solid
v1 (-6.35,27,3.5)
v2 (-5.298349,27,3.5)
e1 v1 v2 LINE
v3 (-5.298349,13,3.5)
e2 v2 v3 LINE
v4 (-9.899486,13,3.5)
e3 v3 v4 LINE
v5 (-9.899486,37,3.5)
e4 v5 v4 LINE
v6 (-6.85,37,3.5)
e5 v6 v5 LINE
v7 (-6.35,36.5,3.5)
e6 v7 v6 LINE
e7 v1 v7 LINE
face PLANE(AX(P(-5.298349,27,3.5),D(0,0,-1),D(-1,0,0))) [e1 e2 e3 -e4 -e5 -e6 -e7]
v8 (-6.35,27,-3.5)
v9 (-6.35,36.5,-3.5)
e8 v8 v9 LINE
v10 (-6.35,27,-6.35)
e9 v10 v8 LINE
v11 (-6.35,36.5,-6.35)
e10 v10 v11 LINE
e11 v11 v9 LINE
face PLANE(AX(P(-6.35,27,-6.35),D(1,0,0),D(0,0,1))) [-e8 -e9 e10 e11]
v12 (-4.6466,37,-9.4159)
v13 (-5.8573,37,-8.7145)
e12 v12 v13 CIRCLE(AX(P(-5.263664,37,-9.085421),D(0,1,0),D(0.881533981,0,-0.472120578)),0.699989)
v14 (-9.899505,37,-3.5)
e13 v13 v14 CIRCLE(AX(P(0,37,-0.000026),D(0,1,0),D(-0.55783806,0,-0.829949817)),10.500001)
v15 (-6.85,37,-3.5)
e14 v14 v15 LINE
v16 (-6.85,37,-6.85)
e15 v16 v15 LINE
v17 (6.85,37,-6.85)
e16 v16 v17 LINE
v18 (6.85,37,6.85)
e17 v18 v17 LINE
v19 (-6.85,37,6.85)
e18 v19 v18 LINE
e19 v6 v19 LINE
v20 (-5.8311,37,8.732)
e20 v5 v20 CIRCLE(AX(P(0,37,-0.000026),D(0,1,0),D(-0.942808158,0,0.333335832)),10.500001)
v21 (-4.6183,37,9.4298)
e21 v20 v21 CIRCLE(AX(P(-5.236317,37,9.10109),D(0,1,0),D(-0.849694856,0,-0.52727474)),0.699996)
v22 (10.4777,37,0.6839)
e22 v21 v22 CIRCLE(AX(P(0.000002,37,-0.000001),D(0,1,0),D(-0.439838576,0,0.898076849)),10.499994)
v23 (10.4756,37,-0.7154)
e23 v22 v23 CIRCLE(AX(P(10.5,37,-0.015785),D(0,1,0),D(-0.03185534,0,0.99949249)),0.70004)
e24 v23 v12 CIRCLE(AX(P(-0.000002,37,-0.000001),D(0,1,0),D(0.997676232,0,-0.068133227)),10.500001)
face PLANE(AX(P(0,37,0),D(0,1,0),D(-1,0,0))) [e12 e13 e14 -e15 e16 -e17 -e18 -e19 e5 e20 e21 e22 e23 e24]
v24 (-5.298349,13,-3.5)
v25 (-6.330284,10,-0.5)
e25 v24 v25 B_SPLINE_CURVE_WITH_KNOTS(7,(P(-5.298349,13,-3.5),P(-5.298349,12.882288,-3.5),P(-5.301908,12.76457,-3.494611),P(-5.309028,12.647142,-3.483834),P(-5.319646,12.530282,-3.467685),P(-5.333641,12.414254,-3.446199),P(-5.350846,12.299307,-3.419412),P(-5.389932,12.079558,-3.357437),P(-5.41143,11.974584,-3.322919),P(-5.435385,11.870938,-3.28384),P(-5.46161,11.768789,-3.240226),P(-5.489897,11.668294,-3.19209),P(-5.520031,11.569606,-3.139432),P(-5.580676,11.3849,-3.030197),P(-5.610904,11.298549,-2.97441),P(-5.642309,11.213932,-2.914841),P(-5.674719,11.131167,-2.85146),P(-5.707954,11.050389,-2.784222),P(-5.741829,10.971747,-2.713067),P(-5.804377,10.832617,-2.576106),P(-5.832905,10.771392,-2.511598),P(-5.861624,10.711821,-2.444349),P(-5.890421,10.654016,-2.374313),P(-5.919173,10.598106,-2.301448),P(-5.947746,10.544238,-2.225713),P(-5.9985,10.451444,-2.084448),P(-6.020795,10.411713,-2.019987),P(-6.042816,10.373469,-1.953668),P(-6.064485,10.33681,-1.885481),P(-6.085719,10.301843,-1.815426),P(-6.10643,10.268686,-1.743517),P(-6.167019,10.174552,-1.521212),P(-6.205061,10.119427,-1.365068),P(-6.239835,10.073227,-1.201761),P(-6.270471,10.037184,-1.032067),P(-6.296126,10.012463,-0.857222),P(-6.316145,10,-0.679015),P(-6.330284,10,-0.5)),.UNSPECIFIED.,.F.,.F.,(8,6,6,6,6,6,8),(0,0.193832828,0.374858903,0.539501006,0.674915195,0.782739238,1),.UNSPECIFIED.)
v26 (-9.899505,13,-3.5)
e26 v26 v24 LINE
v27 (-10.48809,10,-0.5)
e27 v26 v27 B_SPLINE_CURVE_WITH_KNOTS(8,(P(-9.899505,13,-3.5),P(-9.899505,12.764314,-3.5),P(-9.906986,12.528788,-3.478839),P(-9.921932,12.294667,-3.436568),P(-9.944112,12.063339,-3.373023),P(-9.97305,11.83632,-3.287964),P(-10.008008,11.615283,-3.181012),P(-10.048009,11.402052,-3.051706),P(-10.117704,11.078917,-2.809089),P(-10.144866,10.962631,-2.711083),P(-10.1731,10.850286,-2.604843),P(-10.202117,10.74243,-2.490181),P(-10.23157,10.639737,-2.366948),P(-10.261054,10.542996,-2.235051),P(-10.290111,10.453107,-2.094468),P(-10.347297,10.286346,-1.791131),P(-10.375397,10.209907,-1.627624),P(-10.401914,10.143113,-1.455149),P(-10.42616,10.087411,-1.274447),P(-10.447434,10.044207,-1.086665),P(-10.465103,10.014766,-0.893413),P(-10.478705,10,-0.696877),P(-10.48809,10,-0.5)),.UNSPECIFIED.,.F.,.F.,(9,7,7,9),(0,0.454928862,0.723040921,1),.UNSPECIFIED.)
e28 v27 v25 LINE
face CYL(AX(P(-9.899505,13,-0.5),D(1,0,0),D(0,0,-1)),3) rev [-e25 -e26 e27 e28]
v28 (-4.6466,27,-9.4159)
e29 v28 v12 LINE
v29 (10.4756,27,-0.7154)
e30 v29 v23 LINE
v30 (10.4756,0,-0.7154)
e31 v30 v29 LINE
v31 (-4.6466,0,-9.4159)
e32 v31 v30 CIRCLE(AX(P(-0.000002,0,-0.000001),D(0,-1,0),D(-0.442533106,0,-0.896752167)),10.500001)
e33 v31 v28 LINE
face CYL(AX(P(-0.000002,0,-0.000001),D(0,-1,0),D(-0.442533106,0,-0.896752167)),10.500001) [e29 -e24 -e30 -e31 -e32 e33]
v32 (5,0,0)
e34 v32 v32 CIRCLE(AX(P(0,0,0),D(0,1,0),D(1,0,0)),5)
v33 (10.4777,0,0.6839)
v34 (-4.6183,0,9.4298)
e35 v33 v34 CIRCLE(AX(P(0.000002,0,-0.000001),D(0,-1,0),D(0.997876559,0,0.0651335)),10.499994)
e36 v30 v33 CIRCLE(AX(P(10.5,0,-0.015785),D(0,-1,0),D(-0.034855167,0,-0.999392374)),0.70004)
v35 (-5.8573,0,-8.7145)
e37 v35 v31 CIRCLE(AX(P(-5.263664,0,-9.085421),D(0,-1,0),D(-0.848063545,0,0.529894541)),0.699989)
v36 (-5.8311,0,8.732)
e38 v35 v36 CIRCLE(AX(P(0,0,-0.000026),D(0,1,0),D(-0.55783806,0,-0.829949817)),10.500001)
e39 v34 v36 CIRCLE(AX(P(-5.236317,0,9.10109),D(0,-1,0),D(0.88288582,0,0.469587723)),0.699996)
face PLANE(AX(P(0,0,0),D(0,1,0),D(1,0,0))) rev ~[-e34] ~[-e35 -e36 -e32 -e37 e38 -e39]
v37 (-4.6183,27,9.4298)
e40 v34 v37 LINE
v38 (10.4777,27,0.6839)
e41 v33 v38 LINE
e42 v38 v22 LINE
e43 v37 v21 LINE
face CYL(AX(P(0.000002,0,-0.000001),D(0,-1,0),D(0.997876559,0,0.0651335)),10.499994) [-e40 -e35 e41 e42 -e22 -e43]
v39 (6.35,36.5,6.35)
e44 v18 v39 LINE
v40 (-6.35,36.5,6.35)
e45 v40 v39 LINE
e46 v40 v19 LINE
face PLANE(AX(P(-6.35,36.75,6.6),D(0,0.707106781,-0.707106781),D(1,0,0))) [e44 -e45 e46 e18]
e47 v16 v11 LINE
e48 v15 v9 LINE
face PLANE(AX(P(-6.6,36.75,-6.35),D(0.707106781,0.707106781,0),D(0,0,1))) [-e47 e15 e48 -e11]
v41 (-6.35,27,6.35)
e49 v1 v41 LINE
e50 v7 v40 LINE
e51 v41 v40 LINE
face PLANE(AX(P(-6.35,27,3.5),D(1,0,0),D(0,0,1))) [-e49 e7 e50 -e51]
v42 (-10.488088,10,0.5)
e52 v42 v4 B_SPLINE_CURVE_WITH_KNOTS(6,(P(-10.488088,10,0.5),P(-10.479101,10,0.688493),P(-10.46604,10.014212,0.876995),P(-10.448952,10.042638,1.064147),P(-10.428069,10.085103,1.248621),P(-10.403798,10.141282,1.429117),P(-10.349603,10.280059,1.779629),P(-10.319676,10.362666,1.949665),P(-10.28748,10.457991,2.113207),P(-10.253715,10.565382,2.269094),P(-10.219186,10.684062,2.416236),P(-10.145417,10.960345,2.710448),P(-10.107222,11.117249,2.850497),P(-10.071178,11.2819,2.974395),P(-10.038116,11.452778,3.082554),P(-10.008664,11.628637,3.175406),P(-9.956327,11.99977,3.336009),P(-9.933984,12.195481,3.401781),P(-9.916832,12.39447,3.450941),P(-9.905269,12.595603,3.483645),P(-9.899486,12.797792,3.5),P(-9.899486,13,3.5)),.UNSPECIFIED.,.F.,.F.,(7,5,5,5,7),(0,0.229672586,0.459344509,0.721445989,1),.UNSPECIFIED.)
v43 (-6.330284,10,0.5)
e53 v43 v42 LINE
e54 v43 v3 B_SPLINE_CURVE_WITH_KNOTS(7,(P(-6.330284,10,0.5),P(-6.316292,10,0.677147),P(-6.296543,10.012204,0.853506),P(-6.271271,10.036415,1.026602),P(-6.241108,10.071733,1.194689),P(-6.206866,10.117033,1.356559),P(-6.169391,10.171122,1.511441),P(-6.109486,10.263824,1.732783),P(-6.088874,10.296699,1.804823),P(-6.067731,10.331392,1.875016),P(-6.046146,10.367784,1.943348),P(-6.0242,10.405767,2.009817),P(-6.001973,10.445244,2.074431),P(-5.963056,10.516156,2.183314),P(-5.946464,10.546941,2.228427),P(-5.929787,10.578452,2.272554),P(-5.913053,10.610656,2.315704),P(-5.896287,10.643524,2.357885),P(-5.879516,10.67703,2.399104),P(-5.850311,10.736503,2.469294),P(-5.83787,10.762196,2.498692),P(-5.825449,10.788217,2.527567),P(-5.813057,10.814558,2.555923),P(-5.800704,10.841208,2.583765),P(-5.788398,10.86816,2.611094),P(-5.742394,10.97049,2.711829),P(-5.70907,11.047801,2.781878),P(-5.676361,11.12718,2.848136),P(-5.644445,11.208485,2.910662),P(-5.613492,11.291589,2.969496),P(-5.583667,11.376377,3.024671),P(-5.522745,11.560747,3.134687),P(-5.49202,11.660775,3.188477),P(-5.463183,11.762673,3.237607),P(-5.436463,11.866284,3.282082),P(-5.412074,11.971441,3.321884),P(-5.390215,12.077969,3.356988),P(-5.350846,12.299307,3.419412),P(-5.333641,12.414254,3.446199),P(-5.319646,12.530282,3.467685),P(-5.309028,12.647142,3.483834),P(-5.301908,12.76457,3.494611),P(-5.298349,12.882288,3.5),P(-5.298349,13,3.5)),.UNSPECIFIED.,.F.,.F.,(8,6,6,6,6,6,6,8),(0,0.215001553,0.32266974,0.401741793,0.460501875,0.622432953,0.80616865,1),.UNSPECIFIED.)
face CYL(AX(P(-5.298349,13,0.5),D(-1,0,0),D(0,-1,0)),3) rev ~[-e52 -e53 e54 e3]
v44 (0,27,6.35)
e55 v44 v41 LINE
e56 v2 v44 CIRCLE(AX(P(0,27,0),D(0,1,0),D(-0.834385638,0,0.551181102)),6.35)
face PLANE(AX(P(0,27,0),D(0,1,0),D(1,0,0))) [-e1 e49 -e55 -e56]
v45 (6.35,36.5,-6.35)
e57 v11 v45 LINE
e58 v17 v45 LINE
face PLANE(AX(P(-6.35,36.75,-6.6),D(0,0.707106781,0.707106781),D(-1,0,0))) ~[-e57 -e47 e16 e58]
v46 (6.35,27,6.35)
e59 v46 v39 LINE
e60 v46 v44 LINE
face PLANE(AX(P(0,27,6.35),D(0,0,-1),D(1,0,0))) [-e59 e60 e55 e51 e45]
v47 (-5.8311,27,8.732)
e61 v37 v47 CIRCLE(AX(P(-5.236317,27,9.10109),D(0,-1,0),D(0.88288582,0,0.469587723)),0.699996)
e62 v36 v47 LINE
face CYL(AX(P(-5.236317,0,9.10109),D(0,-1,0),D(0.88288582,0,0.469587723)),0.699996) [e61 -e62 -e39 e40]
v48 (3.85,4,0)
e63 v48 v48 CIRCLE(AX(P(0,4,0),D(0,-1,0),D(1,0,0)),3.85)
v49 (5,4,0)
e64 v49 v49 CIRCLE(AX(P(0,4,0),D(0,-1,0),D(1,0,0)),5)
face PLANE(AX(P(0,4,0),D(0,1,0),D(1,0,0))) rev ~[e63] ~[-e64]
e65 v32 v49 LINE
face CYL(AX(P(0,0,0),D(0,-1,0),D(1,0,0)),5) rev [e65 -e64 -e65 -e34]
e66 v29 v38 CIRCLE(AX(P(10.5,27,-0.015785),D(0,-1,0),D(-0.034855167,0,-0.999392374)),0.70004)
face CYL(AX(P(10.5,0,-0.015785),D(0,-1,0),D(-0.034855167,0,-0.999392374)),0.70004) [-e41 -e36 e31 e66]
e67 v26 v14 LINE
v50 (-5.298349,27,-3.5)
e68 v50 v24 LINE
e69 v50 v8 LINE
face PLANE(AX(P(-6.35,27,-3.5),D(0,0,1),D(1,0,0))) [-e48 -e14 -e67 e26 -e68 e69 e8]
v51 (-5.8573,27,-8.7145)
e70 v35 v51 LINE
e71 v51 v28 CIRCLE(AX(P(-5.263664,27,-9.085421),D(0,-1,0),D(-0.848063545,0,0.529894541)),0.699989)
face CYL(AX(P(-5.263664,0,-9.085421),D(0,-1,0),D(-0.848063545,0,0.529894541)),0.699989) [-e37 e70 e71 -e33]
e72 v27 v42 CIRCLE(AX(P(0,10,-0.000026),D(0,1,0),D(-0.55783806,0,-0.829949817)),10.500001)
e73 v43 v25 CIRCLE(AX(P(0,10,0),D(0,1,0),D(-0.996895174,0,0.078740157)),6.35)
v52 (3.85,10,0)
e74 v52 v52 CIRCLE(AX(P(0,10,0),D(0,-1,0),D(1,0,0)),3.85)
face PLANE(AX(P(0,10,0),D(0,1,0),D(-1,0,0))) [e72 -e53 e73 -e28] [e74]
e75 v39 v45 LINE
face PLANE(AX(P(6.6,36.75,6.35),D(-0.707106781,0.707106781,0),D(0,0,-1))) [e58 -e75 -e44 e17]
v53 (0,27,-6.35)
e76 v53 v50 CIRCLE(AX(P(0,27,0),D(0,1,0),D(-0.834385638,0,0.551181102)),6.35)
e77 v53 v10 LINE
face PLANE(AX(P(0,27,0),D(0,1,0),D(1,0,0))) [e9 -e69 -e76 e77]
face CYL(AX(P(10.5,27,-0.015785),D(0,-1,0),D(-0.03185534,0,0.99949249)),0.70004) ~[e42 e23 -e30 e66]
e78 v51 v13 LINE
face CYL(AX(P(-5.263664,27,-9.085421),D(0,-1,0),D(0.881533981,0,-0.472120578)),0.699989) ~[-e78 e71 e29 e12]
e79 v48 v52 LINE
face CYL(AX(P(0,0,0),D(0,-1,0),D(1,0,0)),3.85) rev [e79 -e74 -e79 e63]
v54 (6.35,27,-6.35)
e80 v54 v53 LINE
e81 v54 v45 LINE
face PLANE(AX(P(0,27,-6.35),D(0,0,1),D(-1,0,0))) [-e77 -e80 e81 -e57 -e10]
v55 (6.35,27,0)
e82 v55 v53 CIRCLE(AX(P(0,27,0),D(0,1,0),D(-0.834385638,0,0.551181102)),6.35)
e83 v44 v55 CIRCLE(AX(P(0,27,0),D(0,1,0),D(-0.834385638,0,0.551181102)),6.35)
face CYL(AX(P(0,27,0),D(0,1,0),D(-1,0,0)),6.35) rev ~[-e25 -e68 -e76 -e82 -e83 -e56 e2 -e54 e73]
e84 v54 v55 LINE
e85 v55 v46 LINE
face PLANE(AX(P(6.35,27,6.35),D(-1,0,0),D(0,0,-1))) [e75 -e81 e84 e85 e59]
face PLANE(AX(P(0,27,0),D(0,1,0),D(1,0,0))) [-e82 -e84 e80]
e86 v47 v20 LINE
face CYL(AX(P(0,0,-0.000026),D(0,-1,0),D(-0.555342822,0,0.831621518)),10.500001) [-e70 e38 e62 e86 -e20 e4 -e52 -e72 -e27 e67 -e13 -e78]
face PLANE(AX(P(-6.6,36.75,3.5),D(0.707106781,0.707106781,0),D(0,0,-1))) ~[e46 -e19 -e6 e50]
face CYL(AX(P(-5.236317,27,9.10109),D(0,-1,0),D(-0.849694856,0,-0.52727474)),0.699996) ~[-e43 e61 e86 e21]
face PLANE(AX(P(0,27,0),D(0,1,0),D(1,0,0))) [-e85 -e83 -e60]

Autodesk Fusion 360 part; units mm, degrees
sketch "Sketch1" plane through (0, 0, 0) normal (0, 1, 0) x (1, 0, 0) in component "SwitchSpacer"
  arc A0 (-5.8311, -8.732) -> (-5.8573, 8.7145) centre (0, 0) cw
  arc A1 (-4.6183, -9.4298) -> (-5.8311, -8.732) centre (-5.2363, -9.1011) cw
  line L0 (-20, 3.982) -> (0, 3.982)
  arc A2 (10.4756, 0.7154) -> (10.4777, -0.6839) centre (10.5, 0.0158) cw
  arc A3 (-4.6466, 9.4159) -> (10.4756, 0.7154) centre (0, 0) cw
  arc A4 (10.4777, -0.6839) -> (-4.6183, -9.4298) centre (0, 0) cw
  arc A5 (-5.8573, 8.7145) -> (-4.6466, 9.4159) centre (-5.2637, 9.0854) cw
  line L1 (-20, -4.0237) -> (-20, 3.982)
  circle A6 centre (0, 0) radius 8
  line L2 (0, 3.982) -> (0, -4.0237)
  line L3 (0, -4.0237) -> (-20, -4.0237)
  circle A7 centre (0, 0) radius 5
  circle A8 centre (0, 0) radius 3.85
  dimension "d8" = 10
  dimension "d9" = 7.7
extrude "Extrude8" add sketch "Sketch1" along normal blind 27 contours A0 A1 L0 A2 A3 A4 A5 A6 L3 | A0 L0 A6 L3 | L0 A6 L3 A7 | L0 A6 L3 A7 | L0 L2 L3 A7 A8 | L0 L2 L3 A7 A8 in component "SwitchSpacer"
sketch "Sketch2" plane through (0, 27, 0) normal (0, 1, 0) x (-1, 0, 0) in component "SwitchSpacer"
  circle A0 centre (0, 0) radius 4
  line L0 (6.35, 6.35) -> (-6.35, 6.35)
  line L1 (-6.35, 6.35) -> (-6.35, -6.35)
  line L2 (-6.35, -6.35) -> (6.35, -6.35)
  line L3 (6.35, -6.35) -> (6.35, 6.35)
  line L4 (6.35, 6.35) -> (-6.35, -6.35) construction
  line L5 (-6.35, 6.35) -> (6.35, -6.35) construction
  line L6 (6.35, 6.35) -> (19.35, 6.35)
  line L7 (19.35, 6.35) -> (19.35, -6.35)
  line L8 (19.35, -6.35) -> (6.35, -6.35)
  line L9 (6.35, -6.35) -> (6.35, 6.35)
  circle A1 centre (0, 0) radius 6.35
  line L10 (12.5, -3.5) -> (-12.5, -3.5)
  line L11 (-12.5, -3.5) -> (-12.5, 3.5)
  line L12 (-12.5, 3.5) -> (12.5, 3.5)
  line L13 (12.5, 3.5) -> (12.5, -3.5)
  line L14 (12.5, -3.5) -> (-12.5, 3.5) construction
  line L15 (-12.5, -3.5) -> (12.5, 3.5) construction
  arc A2 (5.8573, -8.7145) -> (5.8311, 8.732) centre (0, 0) ccw
  arc A3 (5.8311, 8.732) -> (4.6183, 9.4298) centre (5.2363, 9.1011) ccw
  arc A4 (4.6183, 9.4298) -> (-10.4777, 0.6839) centre (0, 0) ccw
  arc A5 (-10.4777, 0.6839) -> (-10.4756, -0.7154) centre (-10.5, -0.0158) ccw
  arc A6 (-10.4756, -0.7154) -> (4.6466, -9.4159) centre (0, 0) ccw
  arc A7 (4.6466, -9.4159) -> (5.8573, -8.7145) centre (5.2637, -9.0854) ccw
  circle A8 centre (0, 0) radius 3.85
  dimension "d18" = 12.7
  dimension "d19" = 12.7
  dimension "d20" = 13
  dimension "d21" = 12.7
  dimension "d22" = 12.7
  dimension "d27" = 25
  dimension "d28" = 7
extrude "Extrude9" cut sketch "Sketch1" along normal blind 4 contours L0 L2 L3 A7 A8 | L0 L2 L3 A7 A8 in component "SwitchSpacer"
extrude "Extrude10" add sketch "Sketch2" along normal blind 10 contours L0 L1 L6 L12 A2 A3 A4 | L3 L6 L9 L12 A2 | L1 L2 L8 L10 A2 A6 A7 | L3 L8 L9 L10 A2 | L1 L10 L12 A4 A5 A6 in component "SwitchSpacer"
extrude "Extrude11" cut sketch "Sketch2" against normal blind 17 contours A0 L10 L12 A8 | A0 A1 L10 L12 | A0 L12 A8 | A0 A1 L12 | A0 A1 L10 | A0 L10 A8 | A0 L10 L12 A8 | A0 A1 L10 L12 | L3 L9 A1 L12 | L3 L9 A1 L10 | L3 L9 L10 L12 A2 in component "SwitchSpacer"
fillet "Fillet1" radius 3 2 edges at (-7.5989, 10, -3.5) (-7.5989, 10, 3.5) in component "SwitchSpacer"
chamfer "Chamfer1" distance 0.5 angle 45 5 edges at (-6.35, 37, -4.925) (0, 37, -6.35) (-6.35, 37, 4.925) (0, 37, 6.35) (6.35, 37, 0) in component "SwitchSpacer"
component "SwitchSpacer" placed x (1, 0, 0) y (0, 1, 0) z (0, 0, 1) at (0, 0, 0)
